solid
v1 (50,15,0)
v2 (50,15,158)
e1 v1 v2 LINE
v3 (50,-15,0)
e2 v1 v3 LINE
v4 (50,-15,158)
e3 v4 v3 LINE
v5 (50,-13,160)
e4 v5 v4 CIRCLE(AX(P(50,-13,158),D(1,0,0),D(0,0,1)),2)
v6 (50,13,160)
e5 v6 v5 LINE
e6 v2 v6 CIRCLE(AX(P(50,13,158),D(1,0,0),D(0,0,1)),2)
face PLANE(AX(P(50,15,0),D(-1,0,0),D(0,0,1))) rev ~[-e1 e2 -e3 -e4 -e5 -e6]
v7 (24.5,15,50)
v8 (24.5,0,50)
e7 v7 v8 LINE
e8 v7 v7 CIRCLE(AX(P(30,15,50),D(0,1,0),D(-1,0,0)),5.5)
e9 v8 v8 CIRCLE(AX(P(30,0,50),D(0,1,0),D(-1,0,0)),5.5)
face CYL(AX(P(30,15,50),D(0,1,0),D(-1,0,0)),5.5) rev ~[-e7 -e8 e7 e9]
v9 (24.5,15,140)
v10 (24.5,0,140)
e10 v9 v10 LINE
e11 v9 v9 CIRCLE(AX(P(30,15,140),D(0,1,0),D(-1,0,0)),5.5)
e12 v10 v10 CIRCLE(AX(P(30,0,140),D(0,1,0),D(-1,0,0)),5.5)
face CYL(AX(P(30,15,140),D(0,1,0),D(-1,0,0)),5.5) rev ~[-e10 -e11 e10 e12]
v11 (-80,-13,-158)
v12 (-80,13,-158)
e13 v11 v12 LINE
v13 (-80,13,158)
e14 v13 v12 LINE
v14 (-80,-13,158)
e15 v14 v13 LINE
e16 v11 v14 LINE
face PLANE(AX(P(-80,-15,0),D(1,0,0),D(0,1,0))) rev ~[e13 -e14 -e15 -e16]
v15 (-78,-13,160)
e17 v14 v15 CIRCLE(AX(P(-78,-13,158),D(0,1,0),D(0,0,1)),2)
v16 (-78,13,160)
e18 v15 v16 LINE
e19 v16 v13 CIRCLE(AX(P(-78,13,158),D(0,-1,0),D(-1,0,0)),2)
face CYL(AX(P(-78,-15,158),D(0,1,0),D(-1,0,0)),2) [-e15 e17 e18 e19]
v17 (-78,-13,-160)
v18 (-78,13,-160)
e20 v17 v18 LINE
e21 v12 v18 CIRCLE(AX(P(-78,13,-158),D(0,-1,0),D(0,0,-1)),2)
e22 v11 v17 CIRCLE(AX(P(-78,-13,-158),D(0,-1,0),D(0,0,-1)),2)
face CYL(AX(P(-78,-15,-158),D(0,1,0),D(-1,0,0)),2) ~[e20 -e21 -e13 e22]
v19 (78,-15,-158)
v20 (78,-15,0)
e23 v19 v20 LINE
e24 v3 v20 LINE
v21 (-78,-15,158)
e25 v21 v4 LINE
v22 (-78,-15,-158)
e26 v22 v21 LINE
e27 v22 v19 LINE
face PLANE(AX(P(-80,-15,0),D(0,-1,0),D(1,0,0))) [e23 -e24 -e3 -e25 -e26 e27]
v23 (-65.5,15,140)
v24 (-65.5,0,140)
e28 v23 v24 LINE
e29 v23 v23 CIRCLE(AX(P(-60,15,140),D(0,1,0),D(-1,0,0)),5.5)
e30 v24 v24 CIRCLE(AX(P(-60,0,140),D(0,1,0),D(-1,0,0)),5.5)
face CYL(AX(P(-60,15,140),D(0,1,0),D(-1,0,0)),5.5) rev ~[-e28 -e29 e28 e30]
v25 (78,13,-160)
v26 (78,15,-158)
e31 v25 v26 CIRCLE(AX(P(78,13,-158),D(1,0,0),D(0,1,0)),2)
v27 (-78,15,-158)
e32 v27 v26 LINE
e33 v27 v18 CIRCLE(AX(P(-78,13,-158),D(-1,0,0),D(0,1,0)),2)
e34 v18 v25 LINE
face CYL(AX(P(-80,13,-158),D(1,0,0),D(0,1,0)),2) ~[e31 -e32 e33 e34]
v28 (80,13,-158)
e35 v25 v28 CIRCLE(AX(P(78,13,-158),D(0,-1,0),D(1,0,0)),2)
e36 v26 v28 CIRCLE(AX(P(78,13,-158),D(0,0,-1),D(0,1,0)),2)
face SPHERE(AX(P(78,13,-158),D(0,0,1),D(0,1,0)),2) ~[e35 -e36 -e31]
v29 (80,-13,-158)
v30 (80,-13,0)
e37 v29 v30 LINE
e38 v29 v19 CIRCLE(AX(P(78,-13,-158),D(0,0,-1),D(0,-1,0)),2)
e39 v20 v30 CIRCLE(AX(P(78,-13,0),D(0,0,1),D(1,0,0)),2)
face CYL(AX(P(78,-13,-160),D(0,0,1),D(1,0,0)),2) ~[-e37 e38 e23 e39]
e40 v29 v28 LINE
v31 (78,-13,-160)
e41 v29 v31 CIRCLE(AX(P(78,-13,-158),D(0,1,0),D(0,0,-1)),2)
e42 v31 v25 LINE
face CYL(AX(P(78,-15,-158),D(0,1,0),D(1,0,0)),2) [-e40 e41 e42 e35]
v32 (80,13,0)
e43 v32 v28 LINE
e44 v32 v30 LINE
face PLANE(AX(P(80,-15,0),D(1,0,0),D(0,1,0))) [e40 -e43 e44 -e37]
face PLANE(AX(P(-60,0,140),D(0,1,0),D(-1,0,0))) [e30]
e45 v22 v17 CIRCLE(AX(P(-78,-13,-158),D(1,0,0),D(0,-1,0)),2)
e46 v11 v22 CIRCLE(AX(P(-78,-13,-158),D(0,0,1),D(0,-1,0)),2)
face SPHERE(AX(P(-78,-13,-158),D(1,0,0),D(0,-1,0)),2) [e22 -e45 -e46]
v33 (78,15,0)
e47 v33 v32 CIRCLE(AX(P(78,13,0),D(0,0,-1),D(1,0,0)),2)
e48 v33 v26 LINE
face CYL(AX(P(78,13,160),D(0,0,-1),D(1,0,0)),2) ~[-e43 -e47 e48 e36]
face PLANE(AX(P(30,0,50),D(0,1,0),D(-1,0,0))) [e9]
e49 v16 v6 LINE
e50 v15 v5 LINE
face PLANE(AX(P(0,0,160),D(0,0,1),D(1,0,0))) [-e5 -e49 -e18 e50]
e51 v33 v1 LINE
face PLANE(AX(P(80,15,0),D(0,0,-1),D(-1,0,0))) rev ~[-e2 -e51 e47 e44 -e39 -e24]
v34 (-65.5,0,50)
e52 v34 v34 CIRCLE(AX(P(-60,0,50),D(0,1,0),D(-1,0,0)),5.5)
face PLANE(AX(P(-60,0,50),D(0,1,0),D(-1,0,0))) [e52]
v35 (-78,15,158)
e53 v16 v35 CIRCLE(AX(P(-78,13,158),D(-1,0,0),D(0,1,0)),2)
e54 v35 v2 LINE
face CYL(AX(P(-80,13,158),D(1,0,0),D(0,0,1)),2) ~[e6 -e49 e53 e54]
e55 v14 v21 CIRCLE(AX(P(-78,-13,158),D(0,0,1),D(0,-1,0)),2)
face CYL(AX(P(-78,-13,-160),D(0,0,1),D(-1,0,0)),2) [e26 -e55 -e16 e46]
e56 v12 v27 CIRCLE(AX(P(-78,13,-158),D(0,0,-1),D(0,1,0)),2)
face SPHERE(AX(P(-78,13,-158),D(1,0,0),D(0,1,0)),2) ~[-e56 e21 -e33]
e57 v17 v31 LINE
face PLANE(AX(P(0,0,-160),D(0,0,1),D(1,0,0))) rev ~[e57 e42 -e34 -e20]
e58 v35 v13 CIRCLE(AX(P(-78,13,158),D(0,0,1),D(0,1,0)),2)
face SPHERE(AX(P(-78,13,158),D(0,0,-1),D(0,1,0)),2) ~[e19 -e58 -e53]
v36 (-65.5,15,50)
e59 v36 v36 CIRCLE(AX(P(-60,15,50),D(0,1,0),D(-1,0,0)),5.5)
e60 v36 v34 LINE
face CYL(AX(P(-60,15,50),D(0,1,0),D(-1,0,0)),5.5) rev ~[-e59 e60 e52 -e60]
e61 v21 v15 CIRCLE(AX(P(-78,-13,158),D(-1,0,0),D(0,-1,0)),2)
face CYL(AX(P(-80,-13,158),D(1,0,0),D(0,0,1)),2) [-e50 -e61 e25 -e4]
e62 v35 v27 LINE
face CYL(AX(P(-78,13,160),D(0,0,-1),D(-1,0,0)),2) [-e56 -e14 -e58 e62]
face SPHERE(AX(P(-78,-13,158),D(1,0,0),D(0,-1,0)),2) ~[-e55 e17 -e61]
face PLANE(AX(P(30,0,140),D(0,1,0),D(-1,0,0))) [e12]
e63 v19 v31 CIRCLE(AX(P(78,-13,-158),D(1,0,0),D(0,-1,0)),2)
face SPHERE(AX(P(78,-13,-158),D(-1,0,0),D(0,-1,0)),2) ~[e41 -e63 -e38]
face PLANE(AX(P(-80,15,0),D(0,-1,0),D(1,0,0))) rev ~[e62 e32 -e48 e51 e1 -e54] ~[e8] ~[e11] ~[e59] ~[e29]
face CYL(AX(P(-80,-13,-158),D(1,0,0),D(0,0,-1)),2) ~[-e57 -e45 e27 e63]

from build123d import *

# Parameters (mm, degrees)
F0_W     = 160
F0_H     = 30
F1_DEPTH = 160
F2_R     = 2
F3_W     = 28
F3_H     = 158
F4_DEPTH = 30.001
F3_R     = 5.5
F5_DEPTH = 15


with BuildPart() as f1:
    # F0 (on Top) → F1 (new body, symmetric)
    with BuildSketch(Plane.XY):
        Rectangle(F0_W, F0_H)
    extrude(amount=F1_DEPTH, both=True)

    # F2
    f2_edges = [f1.edges().sort_by_distance(p)[0] for p in [
        (0, -15, -160),
        (80, -15, 0),
        (0, -15, 160),
        (-80, -15, 0),
        (80, 15, 0),
        (0, 15, -160),
        (-80, 15, 0),
        (0, 15, 160),
        (80, 0, 160),
        (-80, 0, 160),
        (80, 0, -160),
        (-80, 0, -160),
    ]]
    fillet(f2_edges, radius=F2_R)

    # F3 (on face) → F4 (cut, through all)
    with BuildSketch(Plane(origin=(0, 15, 0), x_dir=(-1, 0, 0), z_dir=(0, 1, 0))):
        with Locations((-64, 79)):
            Rectangle(F3_W, F3_H)
        Polygon((-80, 0), (-78, 0), (-78, 158), (-50, 158), (-50, 160), (-80, 160), align=None)
    extrude(amount=-F4_DEPTH, mode=Mode.SUBTRACT)

    # F3 (on face) → F5 (cut)
    with BuildSketch(Plane(origin=(0, 15, 0), x_dir=(-1, 0, 0), z_dir=(0, 1, 0))):
        with Locations((60, 140)):
            Circle(F3_R)
        with Locations((-30, 140)):
            Circle(F3_R)
        with Locations((-30, 50)):
            Circle(F3_R)
        with Locations((60, 50)):
            Circle(F3_R)
    extrude(amount=-F5_DEPTH, mode=Mode.SUBTRACT)


solid = f1.part
